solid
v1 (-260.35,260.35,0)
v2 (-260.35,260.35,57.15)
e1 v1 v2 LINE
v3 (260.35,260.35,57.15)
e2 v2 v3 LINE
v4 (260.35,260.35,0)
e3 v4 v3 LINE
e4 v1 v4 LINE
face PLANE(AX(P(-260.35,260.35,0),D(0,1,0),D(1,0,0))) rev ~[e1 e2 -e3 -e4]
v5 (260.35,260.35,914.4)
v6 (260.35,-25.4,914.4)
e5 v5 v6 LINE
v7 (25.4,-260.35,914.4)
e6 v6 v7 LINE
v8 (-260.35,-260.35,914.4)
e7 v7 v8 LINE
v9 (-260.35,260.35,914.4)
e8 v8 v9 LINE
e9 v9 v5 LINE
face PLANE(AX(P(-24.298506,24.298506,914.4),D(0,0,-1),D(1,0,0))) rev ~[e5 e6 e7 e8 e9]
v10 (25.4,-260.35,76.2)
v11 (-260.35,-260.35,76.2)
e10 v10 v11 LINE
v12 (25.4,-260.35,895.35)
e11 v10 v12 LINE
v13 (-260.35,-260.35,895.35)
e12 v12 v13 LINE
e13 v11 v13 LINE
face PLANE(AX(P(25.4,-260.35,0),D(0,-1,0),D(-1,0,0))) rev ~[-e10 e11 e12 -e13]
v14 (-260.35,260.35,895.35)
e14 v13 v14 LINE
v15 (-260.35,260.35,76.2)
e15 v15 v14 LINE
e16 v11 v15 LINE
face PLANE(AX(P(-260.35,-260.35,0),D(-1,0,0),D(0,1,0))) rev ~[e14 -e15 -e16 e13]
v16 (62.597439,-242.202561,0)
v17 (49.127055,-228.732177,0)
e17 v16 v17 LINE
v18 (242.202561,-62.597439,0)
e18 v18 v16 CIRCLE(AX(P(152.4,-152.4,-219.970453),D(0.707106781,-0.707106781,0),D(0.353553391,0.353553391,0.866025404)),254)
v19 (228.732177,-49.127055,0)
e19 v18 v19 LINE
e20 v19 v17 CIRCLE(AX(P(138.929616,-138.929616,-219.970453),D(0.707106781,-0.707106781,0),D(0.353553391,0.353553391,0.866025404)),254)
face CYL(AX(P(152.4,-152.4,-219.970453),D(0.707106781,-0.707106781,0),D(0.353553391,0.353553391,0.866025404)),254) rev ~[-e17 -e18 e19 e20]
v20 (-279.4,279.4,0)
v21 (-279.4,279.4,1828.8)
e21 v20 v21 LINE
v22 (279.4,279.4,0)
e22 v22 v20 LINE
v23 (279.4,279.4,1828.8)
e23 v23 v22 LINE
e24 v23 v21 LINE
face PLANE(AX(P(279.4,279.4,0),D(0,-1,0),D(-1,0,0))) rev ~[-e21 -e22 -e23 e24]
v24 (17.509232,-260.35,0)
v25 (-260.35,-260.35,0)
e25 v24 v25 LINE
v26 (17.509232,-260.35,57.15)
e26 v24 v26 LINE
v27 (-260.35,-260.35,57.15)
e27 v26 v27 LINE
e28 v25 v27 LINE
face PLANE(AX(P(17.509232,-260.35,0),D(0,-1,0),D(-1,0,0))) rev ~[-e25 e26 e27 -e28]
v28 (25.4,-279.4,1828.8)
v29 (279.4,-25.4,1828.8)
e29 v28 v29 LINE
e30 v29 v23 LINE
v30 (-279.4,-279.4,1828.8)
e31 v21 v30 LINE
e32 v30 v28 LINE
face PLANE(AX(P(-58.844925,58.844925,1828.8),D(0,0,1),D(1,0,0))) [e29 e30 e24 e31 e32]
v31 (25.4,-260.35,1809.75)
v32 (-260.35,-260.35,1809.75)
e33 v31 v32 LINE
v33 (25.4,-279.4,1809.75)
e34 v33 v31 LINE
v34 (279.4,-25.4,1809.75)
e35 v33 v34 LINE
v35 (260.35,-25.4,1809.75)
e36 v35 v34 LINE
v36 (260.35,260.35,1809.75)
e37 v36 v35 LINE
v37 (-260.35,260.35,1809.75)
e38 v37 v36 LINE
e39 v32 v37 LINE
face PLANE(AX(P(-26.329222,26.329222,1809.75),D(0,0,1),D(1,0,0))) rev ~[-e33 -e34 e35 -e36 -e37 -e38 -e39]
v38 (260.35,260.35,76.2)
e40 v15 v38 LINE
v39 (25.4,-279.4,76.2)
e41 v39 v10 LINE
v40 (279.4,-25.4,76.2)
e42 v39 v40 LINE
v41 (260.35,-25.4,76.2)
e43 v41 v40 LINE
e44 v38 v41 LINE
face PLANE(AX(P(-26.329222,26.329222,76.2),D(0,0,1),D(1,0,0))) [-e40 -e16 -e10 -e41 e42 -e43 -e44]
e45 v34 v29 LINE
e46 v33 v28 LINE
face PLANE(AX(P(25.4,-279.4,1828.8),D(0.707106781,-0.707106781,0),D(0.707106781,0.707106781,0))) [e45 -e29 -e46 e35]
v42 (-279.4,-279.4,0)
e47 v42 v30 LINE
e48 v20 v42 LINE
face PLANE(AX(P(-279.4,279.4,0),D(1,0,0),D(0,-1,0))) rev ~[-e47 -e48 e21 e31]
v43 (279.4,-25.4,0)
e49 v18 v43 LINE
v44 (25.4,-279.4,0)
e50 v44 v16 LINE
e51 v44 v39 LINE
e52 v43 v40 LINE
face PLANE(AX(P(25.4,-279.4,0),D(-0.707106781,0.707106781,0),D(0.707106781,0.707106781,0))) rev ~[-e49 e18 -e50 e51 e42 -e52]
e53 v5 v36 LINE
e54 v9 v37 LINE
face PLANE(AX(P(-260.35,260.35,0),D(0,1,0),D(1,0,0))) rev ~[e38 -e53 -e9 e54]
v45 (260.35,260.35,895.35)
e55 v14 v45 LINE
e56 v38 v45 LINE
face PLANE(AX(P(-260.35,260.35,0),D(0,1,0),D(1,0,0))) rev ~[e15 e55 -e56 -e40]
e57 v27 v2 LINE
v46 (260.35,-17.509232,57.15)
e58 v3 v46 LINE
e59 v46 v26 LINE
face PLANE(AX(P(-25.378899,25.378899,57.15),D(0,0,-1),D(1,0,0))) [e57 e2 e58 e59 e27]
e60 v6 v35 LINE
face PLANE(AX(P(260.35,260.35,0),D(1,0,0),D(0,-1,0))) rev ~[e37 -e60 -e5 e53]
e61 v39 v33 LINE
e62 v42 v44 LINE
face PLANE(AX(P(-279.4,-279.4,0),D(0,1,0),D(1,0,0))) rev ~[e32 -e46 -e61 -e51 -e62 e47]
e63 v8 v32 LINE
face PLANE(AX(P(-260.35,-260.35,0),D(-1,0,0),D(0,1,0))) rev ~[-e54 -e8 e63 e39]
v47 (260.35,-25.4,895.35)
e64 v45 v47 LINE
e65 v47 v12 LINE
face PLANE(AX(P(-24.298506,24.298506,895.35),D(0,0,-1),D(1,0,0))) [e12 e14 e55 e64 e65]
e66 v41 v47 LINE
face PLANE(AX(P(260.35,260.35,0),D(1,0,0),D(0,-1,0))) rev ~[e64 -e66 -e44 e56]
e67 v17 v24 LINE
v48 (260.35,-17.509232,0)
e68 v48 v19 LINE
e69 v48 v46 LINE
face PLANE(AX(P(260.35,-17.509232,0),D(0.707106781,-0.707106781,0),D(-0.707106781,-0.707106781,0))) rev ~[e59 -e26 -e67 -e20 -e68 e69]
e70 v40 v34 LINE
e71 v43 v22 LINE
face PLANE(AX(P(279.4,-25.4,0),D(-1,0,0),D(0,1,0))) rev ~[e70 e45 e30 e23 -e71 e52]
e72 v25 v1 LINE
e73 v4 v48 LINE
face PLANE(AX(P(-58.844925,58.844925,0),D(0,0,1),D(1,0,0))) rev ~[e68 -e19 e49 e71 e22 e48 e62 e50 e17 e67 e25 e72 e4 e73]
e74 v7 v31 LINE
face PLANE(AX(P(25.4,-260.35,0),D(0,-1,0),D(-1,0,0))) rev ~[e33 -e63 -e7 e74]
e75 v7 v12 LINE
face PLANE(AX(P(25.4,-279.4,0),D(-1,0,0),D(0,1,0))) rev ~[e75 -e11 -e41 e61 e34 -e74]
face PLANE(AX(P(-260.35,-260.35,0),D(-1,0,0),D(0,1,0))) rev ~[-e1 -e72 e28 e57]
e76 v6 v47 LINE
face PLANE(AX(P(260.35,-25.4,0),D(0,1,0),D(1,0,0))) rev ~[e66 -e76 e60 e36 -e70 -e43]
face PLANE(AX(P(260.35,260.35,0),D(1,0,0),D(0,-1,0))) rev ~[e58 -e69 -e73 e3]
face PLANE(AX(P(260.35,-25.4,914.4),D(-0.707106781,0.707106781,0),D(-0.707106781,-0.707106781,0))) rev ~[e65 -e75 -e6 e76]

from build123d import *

# Parameters (mm, degrees)
F1_DEPTH  = 1828.8
F3_DEPTH  = 19.05
F5_DEPTH  = 76.2
F7_DEPTH  = 57.15
F9_DEPTH  = 25.4
F12_DEPTH = 19.05


with BuildPart() as f1:
    # F0 (on Top) → F1 (new body)
    with BuildSketch(Plane.XY):
        Polygon((279.4, 279.4), (-279.4, 279.4), (-279.4, -279.4), (25.4, -279.4), (25.4, -260.35), (-260.35, -260.35), (-260.35, 260.35), (260.35, 260.35), (260.35, -25.4), (279.4, -25.4), align=None)
    extrude(amount=F1_DEPTH)

    # F2 (on face) → F3 (join)
    with BuildSketch(Plane.XY.offset(1828.8)):
        Polygon((-279.4, -279.4), (25.4, -279.4), (279.4, -25.4), (279.4, 279.4), (-279.4, 279.4), align=None)
    extrude(amount=-F3_DEPTH)

    # F4 (on Top) → F5 (join)
    with BuildSketch(Plane.XY):
        Polygon((-279.4, -279.4), (25.4, -279.4), (279.4, -25.4), (279.4, 279.4), (-279.4, 279.4), align=None)
    extrude(amount=F5_DEPTH)

    # F6 (on face) → F7 (cut)
    with BuildSketch(Plane(origin=(0, 0, 0), x_dir=(1, 0, 0), z_dir=(0, 0, -1))):
        Polygon((-260.35, -260.35), (260.35, -260.35), (260.35, 17.5092316368), (17.5092316368, 260.35), (-260.35, 260.35), align=None)
    extrude(amount=-F7_DEPTH, mode=Mode.SUBTRACT)

    # F8 (on face) → F9 (cut)
    with BuildSketch(Plane(origin=(152.4, -152.4, 0), x_dir=(0.7071067812, 0.7071067812, 0), z_dir=(0.7071067812, -0.7071067812, 0))):
        with BuildLine():
            Line((-127, 0), (127, 0))
            ThreePointArc((127, 0), (0, 34.0295474388), (-127, 0))
        make_face()
    extrude(amount=-F9_DEPTH, mode=Mode.SUBTRACT)

    # F11 (on offset) → F12 (join)
    with BuildSketch(Plane(origin=(0, 0, 914.4), x_dir=(1, 0, 0), z_dir=(0, 0, -1))):
        Polygon((-260.35, 260.35), (-260.35, -260.35), (260.35, -260.35), (260.35, 25.4), (25.4, 260.35), align=None)
    extrude(amount=F12_DEPTH)


solid = f1.part
